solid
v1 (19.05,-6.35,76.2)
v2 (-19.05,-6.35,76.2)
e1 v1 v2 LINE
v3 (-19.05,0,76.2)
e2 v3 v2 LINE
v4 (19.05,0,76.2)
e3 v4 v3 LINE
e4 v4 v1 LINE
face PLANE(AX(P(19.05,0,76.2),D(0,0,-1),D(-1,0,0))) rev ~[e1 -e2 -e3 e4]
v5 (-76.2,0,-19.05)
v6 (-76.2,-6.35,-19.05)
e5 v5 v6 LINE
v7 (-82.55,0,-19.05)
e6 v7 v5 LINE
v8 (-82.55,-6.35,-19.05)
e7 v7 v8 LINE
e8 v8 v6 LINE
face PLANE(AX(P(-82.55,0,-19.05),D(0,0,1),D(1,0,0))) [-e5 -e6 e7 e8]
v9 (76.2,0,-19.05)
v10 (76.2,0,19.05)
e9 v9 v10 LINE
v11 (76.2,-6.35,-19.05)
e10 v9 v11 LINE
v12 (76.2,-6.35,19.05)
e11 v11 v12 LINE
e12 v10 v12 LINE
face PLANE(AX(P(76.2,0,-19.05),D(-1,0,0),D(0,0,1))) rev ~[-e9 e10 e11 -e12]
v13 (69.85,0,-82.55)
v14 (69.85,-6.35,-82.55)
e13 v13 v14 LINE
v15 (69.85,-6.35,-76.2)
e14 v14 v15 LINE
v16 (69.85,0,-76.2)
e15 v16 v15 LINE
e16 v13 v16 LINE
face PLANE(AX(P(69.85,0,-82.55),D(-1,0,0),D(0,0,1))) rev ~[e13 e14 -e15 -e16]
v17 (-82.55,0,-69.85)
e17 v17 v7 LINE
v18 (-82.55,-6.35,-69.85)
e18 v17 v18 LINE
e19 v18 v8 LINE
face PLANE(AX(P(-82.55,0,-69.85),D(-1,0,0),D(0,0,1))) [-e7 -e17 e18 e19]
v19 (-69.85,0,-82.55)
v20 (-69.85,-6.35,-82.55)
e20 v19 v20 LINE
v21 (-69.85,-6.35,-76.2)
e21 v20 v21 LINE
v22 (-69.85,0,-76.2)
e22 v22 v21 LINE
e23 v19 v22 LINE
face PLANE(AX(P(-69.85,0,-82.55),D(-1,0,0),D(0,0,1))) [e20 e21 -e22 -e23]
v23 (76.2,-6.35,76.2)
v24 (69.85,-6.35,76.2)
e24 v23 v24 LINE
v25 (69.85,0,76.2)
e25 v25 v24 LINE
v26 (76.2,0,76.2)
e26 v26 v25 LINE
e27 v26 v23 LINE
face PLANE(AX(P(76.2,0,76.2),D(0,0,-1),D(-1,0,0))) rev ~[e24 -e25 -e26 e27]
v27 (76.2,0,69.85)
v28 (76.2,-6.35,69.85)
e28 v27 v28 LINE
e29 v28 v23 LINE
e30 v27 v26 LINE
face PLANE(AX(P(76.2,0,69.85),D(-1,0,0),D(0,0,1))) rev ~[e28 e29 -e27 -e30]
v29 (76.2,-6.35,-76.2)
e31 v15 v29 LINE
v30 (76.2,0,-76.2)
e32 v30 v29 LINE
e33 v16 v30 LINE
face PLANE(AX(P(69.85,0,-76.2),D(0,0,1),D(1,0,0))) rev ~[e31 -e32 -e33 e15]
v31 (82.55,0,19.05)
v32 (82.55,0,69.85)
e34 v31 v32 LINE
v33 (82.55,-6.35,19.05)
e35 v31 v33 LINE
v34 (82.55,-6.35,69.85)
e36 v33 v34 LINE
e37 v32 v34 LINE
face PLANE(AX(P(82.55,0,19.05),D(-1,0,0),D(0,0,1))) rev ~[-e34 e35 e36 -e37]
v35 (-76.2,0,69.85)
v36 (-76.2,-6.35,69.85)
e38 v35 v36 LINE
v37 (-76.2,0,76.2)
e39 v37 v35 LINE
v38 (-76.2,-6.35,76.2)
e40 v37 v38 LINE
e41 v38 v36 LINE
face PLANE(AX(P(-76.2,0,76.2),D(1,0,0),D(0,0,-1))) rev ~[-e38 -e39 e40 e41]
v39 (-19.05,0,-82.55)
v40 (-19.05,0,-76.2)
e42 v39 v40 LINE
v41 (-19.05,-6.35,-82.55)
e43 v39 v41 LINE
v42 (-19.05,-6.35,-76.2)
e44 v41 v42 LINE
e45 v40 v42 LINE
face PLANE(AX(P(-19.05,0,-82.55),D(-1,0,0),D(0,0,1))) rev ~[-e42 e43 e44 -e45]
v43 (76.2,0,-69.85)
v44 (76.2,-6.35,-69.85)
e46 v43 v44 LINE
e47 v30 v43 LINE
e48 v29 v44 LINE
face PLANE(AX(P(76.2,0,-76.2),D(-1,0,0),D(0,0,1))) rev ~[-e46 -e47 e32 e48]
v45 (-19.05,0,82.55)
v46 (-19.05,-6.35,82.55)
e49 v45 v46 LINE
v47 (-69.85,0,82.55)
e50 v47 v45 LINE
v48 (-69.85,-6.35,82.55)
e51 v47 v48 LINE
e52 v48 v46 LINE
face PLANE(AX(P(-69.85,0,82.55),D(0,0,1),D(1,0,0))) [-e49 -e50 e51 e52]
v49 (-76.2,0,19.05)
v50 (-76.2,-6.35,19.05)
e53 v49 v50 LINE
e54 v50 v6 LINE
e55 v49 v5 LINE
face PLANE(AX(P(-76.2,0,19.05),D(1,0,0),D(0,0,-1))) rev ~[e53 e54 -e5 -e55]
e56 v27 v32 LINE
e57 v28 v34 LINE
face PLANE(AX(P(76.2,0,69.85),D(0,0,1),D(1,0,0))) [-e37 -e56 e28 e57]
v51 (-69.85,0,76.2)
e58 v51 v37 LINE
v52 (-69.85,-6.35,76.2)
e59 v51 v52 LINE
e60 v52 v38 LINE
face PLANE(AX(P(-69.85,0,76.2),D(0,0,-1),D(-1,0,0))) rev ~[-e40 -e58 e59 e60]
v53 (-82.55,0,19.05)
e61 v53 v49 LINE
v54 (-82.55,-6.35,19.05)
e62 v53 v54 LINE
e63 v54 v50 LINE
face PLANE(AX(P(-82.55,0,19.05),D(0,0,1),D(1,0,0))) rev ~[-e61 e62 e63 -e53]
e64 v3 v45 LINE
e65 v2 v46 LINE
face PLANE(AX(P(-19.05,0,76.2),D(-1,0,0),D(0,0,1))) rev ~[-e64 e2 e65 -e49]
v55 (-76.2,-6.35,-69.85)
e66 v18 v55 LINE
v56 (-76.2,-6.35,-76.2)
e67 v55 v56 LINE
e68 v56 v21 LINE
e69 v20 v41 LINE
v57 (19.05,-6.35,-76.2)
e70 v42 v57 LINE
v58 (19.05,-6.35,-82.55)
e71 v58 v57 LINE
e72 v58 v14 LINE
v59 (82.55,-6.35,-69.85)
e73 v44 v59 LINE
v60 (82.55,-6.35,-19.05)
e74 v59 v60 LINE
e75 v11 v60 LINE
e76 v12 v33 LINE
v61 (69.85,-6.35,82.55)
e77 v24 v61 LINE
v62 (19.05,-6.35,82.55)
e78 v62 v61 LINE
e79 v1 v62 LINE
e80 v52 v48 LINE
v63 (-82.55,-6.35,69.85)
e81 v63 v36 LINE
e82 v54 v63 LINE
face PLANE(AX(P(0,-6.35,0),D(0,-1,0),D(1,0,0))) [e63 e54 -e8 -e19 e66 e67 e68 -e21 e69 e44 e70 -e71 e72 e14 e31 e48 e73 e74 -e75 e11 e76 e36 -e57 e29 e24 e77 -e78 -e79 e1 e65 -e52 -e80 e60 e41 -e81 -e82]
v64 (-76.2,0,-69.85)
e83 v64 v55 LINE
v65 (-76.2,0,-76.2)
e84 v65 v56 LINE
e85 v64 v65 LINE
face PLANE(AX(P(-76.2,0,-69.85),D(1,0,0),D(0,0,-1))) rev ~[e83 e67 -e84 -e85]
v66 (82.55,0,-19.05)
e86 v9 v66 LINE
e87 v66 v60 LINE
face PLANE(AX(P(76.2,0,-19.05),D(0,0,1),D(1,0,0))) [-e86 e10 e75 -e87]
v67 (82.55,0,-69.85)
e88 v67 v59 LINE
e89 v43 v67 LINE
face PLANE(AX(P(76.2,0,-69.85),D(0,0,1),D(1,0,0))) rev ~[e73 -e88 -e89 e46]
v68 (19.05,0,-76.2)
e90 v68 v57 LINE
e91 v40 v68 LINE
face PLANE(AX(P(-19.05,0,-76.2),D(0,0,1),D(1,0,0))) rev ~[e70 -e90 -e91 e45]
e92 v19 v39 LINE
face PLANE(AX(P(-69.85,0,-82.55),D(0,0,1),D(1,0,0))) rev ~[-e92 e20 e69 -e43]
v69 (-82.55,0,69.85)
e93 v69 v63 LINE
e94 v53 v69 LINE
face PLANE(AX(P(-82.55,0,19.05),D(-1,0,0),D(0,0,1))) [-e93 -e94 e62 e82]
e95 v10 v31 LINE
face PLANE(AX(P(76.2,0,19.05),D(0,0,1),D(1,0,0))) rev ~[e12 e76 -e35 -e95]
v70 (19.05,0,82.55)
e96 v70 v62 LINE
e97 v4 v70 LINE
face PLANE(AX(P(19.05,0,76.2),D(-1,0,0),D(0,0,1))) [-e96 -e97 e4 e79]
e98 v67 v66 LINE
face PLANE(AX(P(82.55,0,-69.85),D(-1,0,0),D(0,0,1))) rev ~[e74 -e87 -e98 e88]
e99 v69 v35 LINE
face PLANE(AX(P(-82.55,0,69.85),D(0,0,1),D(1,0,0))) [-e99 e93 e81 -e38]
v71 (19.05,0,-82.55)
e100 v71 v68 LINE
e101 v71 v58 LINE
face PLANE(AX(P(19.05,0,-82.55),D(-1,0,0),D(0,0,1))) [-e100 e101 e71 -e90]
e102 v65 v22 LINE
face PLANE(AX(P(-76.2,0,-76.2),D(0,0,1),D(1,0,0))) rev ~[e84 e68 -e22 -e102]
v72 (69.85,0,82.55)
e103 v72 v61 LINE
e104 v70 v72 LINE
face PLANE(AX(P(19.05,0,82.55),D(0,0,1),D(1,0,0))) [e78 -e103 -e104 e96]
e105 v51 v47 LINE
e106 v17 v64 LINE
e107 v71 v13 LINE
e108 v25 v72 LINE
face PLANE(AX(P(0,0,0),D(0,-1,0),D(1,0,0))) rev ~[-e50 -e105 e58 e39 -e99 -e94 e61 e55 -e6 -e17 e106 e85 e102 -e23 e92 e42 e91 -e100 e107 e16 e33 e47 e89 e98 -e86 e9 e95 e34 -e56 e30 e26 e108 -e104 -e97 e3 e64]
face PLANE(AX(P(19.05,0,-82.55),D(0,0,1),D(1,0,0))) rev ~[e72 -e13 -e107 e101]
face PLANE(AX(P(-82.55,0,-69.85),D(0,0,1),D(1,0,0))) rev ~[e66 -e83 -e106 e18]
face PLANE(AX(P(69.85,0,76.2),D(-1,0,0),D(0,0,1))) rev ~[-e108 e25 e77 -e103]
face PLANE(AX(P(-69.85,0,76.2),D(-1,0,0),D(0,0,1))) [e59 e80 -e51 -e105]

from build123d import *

# Parameters (mm, degrees)
F0_W     = 50.8
F0_H     = 6.35
F0_W_2   = 6.35
F0_H_2   = 50.8
F1_DEPTH = 6.35


with BuildPart() as f1:
    # F0 (on Front) → F1 (new body)
    with BuildSketch(Plane.XZ):
        Polygon((-69.85, 76.2), (-76.2, 76.2), (-76.2, 69.85), (-76.2, 19.05), (-76.2, -19.05), (-76.2, -69.85), (-76.2, -76.2), (-69.85, -76.2), (-19.05, -76.2), (19.05, -76.2), (69.85, -76.2), (76.2, -76.2), (76.2, -69.85), (76.2, -19.05), (76.2, 19.05), (76.2, 69.85), (76.2, 76.2), (69.85, 76.2), (19.05, 76.2), (-19.05, 76.2), align=None)
        with Locations((-44.45, 79.375)):
            Rectangle(F0_W, F0_H)
        with Locations((-79.375, 44.45)):
            Rectangle(F0_W_2, F0_H_2)
        with Locations((44.45, 79.375)):
            Rectangle(F0_W, F0_H)
        with Locations((-79.375, -44.45)):
            Rectangle(F0_W_2, F0_H_2)
        with Locations((79.375, 44.45)):
            Rectangle(F0_W_2, F0_H_2)
        with Locations((-44.45, -79.375)):
            Rectangle(F0_W, F0_H)
        with Locations((79.375, -44.45)):
            Rectangle(F0_W_2, F0_H_2)
        with Locations((44.45, -79.375)):
            Rectangle(F0_W, F0_H)
    extrude(amount=F1_DEPTH)


solid = f1.part
